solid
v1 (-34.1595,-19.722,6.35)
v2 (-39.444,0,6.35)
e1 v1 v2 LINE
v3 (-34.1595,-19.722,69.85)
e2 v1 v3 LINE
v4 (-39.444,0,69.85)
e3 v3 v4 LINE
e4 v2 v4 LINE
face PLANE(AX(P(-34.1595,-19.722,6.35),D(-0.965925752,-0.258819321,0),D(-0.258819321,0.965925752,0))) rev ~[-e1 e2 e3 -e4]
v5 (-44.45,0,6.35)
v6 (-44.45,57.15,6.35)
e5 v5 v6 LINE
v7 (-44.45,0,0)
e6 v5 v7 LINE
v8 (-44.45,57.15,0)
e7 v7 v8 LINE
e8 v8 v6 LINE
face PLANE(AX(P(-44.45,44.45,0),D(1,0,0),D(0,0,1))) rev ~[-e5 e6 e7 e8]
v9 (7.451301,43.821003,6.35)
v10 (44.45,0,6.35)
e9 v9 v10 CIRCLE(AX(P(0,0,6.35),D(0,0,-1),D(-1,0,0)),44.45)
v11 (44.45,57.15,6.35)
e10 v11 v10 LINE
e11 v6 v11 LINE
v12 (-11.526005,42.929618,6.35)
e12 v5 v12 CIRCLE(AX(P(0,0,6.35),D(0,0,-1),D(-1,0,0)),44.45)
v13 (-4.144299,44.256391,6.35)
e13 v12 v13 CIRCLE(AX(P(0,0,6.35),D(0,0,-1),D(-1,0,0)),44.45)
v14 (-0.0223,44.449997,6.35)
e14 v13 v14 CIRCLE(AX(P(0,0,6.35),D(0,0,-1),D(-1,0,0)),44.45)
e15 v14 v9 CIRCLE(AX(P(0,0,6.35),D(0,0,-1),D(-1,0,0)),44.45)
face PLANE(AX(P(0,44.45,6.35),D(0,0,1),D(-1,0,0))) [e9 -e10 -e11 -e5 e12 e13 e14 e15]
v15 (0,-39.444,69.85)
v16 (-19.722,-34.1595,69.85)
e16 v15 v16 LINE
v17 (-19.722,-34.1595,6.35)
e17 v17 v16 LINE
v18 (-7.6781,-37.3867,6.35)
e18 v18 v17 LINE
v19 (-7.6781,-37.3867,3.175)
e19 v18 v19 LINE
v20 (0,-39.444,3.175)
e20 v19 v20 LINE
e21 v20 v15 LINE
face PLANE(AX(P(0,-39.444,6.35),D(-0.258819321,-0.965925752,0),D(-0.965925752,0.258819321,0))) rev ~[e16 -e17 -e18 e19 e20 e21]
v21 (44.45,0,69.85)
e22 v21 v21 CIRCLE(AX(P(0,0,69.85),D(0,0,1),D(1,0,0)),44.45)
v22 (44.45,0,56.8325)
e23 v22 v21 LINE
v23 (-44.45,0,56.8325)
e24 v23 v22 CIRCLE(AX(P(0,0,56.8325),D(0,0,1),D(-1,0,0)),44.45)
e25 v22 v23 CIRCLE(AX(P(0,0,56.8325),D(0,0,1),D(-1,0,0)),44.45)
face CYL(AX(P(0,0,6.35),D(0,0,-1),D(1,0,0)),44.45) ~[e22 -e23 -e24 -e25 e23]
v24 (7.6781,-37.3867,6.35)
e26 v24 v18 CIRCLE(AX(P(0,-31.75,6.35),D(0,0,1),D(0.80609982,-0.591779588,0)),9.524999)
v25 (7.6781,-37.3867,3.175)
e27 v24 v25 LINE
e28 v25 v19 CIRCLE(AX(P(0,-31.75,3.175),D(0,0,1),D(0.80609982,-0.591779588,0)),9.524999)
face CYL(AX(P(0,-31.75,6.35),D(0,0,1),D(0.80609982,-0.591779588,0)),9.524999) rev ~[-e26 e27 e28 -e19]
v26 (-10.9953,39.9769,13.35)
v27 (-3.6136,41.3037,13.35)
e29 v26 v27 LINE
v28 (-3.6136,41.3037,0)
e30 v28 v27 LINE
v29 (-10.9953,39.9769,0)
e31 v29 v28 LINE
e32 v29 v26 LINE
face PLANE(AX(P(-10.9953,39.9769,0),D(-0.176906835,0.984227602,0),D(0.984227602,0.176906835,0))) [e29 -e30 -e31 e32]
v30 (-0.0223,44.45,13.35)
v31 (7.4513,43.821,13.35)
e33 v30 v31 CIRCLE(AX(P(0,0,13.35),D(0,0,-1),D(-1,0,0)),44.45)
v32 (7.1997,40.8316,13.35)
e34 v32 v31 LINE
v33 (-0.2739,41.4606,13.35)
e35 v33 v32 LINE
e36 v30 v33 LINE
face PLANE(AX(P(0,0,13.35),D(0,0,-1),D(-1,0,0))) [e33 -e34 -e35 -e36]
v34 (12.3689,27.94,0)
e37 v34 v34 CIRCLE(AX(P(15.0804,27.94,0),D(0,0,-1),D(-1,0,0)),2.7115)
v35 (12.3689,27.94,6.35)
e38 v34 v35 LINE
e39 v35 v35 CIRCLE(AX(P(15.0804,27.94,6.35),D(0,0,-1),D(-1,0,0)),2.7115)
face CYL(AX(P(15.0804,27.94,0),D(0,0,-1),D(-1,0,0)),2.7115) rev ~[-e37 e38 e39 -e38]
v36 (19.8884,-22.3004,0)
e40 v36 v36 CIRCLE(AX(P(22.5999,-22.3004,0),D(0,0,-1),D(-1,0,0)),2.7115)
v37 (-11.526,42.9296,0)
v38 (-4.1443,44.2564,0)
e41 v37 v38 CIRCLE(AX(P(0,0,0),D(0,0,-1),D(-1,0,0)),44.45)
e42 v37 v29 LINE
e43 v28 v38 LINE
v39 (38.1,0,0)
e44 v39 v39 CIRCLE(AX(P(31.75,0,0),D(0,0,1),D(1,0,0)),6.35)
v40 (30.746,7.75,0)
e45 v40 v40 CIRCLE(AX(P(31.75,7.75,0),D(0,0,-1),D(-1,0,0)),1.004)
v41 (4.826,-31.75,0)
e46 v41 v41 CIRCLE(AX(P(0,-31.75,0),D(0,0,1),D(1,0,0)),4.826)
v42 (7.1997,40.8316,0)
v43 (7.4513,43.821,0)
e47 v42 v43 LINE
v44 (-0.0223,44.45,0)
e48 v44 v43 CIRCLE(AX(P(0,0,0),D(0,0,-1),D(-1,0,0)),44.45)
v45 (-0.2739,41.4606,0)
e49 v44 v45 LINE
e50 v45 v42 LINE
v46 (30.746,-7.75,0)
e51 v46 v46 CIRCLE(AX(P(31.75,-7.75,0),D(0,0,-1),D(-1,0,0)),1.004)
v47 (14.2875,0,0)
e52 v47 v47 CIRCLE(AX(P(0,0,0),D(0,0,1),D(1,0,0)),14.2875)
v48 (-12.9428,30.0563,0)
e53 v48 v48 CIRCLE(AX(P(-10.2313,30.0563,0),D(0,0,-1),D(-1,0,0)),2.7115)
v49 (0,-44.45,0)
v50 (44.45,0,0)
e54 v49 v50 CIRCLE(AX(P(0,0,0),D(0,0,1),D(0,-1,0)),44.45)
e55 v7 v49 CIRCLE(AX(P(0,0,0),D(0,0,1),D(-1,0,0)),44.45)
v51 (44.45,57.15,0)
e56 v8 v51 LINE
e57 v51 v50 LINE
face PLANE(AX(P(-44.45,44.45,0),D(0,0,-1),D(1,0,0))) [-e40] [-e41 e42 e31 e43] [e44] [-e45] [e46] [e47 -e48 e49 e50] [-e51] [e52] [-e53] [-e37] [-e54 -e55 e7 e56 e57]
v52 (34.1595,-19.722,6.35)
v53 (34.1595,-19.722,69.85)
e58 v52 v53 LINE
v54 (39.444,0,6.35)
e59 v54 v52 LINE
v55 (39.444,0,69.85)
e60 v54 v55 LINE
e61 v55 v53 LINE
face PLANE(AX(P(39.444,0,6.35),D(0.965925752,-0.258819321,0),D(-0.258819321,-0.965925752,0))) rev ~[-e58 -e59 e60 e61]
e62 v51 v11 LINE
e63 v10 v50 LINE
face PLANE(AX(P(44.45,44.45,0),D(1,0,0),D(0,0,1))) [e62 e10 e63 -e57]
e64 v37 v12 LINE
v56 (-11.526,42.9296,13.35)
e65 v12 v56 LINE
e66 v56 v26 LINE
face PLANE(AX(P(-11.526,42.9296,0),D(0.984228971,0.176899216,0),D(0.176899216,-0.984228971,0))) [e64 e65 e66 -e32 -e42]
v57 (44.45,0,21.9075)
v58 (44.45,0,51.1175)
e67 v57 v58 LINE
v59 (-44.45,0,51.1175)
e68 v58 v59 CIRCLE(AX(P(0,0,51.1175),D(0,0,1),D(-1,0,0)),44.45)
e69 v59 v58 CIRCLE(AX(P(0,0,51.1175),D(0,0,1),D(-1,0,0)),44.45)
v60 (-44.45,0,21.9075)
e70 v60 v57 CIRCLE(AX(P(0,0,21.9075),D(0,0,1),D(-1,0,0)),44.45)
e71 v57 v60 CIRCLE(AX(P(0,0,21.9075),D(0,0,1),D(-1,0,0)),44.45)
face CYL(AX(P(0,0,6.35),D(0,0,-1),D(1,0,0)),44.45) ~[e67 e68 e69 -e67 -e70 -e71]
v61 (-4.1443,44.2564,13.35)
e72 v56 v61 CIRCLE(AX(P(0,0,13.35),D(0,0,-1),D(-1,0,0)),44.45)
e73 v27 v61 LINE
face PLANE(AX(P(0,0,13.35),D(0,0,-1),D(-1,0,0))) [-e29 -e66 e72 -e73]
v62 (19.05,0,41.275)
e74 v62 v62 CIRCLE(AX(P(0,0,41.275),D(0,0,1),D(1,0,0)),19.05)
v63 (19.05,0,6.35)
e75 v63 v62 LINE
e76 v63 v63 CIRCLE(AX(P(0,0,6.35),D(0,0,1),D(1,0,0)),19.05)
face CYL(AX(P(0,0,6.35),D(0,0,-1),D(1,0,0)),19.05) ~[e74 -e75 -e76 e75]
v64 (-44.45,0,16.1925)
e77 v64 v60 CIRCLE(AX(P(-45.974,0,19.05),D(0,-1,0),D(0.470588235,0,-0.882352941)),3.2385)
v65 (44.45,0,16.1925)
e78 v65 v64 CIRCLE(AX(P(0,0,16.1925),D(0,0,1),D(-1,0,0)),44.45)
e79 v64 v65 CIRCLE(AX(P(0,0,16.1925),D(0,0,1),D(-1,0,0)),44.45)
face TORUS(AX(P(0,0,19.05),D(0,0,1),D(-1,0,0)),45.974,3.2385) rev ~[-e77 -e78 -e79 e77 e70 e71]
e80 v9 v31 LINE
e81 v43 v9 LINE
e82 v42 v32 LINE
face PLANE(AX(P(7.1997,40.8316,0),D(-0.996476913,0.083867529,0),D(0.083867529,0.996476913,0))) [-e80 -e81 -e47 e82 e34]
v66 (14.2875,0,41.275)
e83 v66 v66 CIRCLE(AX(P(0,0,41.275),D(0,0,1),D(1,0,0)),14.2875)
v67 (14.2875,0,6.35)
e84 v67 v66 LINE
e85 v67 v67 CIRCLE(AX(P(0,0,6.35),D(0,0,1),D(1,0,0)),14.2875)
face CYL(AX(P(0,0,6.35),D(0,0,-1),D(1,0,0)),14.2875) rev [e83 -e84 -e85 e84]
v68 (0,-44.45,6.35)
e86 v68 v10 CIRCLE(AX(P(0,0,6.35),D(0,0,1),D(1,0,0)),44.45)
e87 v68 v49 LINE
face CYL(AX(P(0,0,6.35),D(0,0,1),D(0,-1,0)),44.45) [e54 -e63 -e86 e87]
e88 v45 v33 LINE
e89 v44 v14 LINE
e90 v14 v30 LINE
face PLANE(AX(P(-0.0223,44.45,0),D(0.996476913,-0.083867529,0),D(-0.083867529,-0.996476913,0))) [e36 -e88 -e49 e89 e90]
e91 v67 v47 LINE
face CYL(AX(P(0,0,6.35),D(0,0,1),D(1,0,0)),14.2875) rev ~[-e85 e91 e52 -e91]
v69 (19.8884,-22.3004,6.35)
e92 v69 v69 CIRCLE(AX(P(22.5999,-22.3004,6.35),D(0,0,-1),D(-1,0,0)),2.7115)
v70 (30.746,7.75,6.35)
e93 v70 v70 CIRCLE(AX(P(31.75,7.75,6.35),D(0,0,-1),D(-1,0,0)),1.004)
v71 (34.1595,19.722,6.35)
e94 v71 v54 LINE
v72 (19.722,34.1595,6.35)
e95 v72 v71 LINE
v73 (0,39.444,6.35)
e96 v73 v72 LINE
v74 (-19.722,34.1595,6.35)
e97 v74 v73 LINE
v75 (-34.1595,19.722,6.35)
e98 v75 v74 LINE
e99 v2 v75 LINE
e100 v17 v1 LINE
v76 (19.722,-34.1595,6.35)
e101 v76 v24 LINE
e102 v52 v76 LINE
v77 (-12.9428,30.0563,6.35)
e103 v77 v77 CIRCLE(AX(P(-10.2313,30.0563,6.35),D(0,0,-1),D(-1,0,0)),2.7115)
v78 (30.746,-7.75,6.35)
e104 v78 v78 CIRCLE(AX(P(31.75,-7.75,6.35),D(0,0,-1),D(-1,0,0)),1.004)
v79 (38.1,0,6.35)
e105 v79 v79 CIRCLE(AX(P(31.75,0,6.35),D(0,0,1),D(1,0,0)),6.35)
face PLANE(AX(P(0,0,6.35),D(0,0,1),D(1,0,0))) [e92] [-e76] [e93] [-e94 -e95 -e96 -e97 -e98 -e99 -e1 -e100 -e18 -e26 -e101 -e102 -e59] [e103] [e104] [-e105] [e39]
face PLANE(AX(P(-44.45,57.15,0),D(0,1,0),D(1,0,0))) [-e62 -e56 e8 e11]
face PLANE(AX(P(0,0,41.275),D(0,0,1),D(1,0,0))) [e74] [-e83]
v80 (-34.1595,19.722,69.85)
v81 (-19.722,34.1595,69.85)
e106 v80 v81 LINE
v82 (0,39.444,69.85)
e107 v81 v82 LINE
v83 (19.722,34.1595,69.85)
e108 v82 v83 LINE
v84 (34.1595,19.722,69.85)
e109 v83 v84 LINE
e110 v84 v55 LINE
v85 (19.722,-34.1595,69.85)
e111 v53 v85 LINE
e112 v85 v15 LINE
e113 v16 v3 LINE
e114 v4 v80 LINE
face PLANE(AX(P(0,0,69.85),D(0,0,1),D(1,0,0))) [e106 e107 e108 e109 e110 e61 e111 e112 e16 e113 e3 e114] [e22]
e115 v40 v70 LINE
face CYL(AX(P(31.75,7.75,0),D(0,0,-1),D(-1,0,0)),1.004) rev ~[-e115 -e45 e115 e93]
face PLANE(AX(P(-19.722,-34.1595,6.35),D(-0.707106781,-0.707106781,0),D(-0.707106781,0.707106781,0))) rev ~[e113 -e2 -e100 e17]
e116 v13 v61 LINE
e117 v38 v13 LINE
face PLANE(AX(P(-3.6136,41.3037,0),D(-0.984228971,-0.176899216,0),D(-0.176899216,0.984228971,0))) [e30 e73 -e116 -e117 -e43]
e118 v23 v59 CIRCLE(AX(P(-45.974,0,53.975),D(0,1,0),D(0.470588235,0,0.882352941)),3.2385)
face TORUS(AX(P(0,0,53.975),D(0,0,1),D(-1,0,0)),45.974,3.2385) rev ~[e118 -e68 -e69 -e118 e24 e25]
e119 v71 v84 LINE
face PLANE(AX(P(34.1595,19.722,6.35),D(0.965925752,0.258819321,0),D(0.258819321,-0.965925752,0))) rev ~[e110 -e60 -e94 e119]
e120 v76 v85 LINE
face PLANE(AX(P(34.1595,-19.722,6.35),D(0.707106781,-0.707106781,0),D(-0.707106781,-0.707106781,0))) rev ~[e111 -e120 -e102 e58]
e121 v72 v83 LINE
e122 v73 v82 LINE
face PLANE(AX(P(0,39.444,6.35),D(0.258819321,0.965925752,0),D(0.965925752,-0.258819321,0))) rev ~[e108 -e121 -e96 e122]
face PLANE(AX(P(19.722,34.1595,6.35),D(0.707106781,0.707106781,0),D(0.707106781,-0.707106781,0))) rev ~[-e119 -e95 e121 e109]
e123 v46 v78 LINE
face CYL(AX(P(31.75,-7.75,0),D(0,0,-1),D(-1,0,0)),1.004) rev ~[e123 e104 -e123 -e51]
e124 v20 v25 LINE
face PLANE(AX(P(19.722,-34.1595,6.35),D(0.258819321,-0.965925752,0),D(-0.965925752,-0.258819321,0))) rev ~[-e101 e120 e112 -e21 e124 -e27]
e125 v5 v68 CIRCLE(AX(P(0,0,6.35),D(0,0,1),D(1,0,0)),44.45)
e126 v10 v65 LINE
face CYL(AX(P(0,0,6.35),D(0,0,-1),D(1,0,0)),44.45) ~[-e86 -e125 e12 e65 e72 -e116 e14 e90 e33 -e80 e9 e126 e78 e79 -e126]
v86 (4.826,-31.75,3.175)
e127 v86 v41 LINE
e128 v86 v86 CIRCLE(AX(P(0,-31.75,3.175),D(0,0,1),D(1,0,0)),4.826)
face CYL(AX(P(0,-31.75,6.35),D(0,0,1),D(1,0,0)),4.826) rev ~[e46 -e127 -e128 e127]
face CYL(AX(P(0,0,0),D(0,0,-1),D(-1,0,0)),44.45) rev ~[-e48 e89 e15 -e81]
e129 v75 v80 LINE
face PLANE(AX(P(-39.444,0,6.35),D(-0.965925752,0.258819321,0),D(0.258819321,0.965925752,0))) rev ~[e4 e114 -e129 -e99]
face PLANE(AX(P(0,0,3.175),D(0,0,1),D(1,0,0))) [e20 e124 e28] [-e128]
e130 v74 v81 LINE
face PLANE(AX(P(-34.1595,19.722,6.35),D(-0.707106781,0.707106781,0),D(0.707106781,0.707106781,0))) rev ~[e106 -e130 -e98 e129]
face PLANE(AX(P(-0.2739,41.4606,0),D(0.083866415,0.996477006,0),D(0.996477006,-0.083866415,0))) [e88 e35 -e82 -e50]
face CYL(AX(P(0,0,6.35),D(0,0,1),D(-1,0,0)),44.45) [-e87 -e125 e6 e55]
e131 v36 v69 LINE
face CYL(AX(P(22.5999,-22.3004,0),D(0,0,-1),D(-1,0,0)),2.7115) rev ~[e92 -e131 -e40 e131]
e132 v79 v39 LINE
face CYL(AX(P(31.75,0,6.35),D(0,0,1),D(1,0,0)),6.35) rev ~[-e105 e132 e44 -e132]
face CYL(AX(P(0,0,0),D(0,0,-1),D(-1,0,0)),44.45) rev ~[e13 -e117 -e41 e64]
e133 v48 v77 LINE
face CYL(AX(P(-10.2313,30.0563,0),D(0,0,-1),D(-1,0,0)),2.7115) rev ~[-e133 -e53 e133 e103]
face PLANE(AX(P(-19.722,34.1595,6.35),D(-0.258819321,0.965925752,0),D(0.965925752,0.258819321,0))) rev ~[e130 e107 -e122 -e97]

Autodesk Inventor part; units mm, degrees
ref_plane "YZ Plane" through (0, 0, 0) normal (1, 0, 0) x (0, 1, 0)
ref_plane "XZ Plane" through (0, 0, 0) normal (0, 1, 0) x (-1, 0, 0)
ref_plane "XY Plane" through (0, 0, 0) normal (0, 0, 1) x (1, 0, 0)
sketch "Sketch1" plane through (0, 0, 0) normal (0, 0, 1) x (1, 0, 0)
  circle A0 centre (0, 0) radius 44.45
  line L0 (-44.45, 44.45) -> (44.45, 44.45)
  line L1 (44.45, 44.45) -> (44.45, -44.45)
  line L2 (44.45, -44.45) -> (-44.45, -44.45)
  line L3 (-44.45, -44.45) -> (-44.45, 44.45)
  dimension "d0" = 88.9
  dimension "d1" = 88.9
  dimension "d2" = 88.9
  dimension "d3" = 44.45
  dimension "d4" = 44.45
extrude "Extrusion1" add sketch "Sketch1" along normal blind 6.35
sketch "Sketch2" plane through (0, 0, 6.35) normal (0, 0, 1) x (1, 0, 0)
  circle A0 centre (0, 0) radius 46.0375
  circle A1 centre (0, 0) radius 44.45
  line L0 (0, 39.444) -> (19.722, 34.1595)
  line L1 (19.722, 34.1595) -> (34.1595, 19.722)
  line L2 (34.1595, 19.722) -> (39.444, 0)
  line L3 (39.444, 0) -> (34.1595, -19.722)
  line L4 (34.1595, -19.722) -> (19.722, -34.1595)
  line L5 (19.722, -34.1595) -> (0, -39.444)
  line L6 (0, -39.444) -> (-19.722, -34.1595)
  line L7 (-19.722, -34.1595) -> (-34.1595, -19.722)
  line L8 (-34.1595, -19.722) -> (-39.444, 0)
  line L9 (-39.444, 0) -> (-34.1595, 19.722)
  line L10 (-34.1595, 19.722) -> (-19.722, 34.1595)
  line L11 (-19.722, 34.1595) -> (0, 39.444)
  dimension "d8" = 1.5875
  dimension "d25" = 76.2
  dimension "d46" = 88.9
extrude "Extrusion2" add sketch "Sketch2" along normal blind 63.5 contours A1
sketch "Sketch3" plane through (0, 0, 6.35) normal (0, 0, 1) x (1, 0, 0)
  circle A0 centre (0, 0) radius 14.2875
  dimension "d11" = 28.575
extrude "Extrusion3" cut sketch "Sketch3" against normal blind 38.1
sketch "Sketch4" plane through (0, 0, 6.35) normal (0, 0, 1) x (1, 0, 0)
  circle A0 centre (0, 0) radius 14.2875 projected
  circle A1 centre (0, 0) radius 19.05
  dimension "d14" = 38.1
extrude "Extrusion4" add sketch "Sketch4" along normal blind 34.925
sketch "Sketch6" plane through (0, 0, 6.35) normal (0, 0, 1) x (1, 0, 0)
  circle A0 centre (31.75, 0) radius 6.35
  point P0 (0, 0)
  dimension "d21" = 12.7
  dimension "d22" = 31.75
extrude "Extrusion6" cut sketch "Sketch6" against normal blind 25.4
sketch "Sketch7" plane through (0, 0, 6.35) normal (0, 0, 1) x (1, 0, 0)
  line L0 (0, 44.45) -> (-44.45, 44.45) projected
  line L1 (-44.45, 44.45) -> (-44.45, 0) projected
  line L2 (0, -44.45) -> (44.45, -44.45) projected
  line L3 (44.45, 0) -> (44.45, 44.45) projected
  arc A0 (44.45, 0) -> (0, 44.45) centre (0, 0) ccw projected
  line L4 (44.45, -44.45) -> (44.45, 44.45) projected
  arc A1 (0, 44.45) -> (-44.45, 0) centre (0, 0) ccw projected
  arc A2 (-44.45, 0) -> (0, -44.45) centre (0, 0) ccw projected
  line L5 (-44.45, 0) -> (-44.45, -44.45) projected
  line L6 (44.45, 44.45) -> (0, 44.45) projected
  arc A3 (0, -44.45) -> (44.45, 0) centre (0, 0) ccw projected
  line L7 (44.45, -44.45) -> (44.45, 0) projected
  line L8 (-44.45, -44.45) -> (0, -44.45) projected
  line L9 (-44.45, 0) -> (-44.45, -44.45)
  line L10 (-44.45, -44.45) -> (0, -44.45)
  line L11 (44.45, -44.45) -> (-44.45, -44.45) projected
  line L12 (0, -44.45) -> (44.45, -44.45)
  line L13 (44.45, -44.45) -> (44.45, 0)
  arc A4 (-44.45, 0) -> (0, -44.45) centre (0, 0) ccw
  arc A5 (0, -44.45) -> (44.45, 0) centre (0, 0) ccw
  point P0 (-44.4261, -1.4578)
  point P1 (44.4261, -1.4578)
extrude "Extrusion7" cut sketch "Sketch7" against normal blind 25.4 contours L4 L2 A3 | A2 L8 L5
sketch "Sketch8" plane through (0, 0, 0) normal (0, 1, 0) x (-1, 0, 0)
  line L0 (44.45, 0) -> (44.45, 69.85) projected
  arc A0 (44.45, 56.8325) -> (44.45, 51.1175) centre (45.974, 53.975) ccw
  arc A1 (44.45, 21.9075) -> (44.45, 16.1925) centre (45.974, 19.05) ccw
  line L1 (44.45, 69.85) -> (-44.45, 69.85) projected
  line L2 (0, -13.97) -> (0, 83.82) projected
  arc A2 (44.2147, 16.3311) -> (44.45, 21.9075) centre (45.974, 19.05) ccw
  point P0 (0, 0)
  dimension "d28" = 3.2385
  dimension "d31" = 19.05
  dimension "d32" = 15.875
  dimension "d45" = 1.7145
revolve "Revolution1" cut sketch "Sketch8" angle 360 about axis through (0, 0, -10) along (0, 0, 1) contours A1 L0 | A0 L0
sketch "Sketch9" plane through (0, 0, 6.35) normal (0, 0, 1) x (1, 0, 0)
  circle A0 centre (31.75, 0) radius 6.35 projected
  circle A1 centre (0, 0) radius 19.05 projected
  line L0 (34.1595, 19.722) -> (19.722, 34.1595) projected
  line L1 (19.722, 34.1595) -> (0, 39.444) projected
  line L2 (0, 39.444) -> (-19.722, 34.1595) projected
  line L3 (-19.722, 34.1595) -> (-34.1595, 19.722) projected
  line L4 (-34.1595, 19.722) -> (-39.444, 0) projected
  line L5 (-39.444, 0) -> (-34.1595, -19.722) projected
  line L6 (-34.1595, -19.722) -> (-19.722, -34.1595) projected
  line L7 (-19.722, -34.1595) -> (0, -39.444) projected
  line L8 (0, -39.444) -> (19.722, -34.1595) projected
  line L9 (19.722, -34.1595) -> (34.1595, -19.722) projected
  line L10 (34.1595, -19.722) -> (39.444, 0) projected
  line L11 (39.444, 0) -> (34.1595, 19.722) projected
  circle A2 centre (0, -31.75) radius 4.826
  dimension "d35" = 9.652
  dimension "d36" = 31.75
  dimension "d37" = 31.75
extrude "Extrusion8" cut sketch "Sketch9" against normal blind 25.4 contours A2
sketch "Sketch10" plane through (0, 0, 6.35) normal (0, 0, 1) x (1, 0, 0)
  circle A0 centre (0, -31.75) radius 4.826 projected
  circle A1 centre (31.75, 0) radius 6.35 projected
  circle A2 centre (0, 0) radius 19.05 projected
  line L0 (34.1595, 19.722) -> (19.722, 34.1595) projected
  line L1 (19.722, 34.1595) -> (0, 39.444) projected
  line L2 (0, 39.444) -> (-19.722, 34.1595) projected
  line L3 (-19.722, 34.1595) -> (-34.1595, 19.722) projected
  line L4 (-34.1595, 19.722) -> (-39.444, 0) projected
  line L5 (-39.444, 0) -> (-34.1595, -19.722) projected
  line L6 (-34.1595, -19.722) -> (-19.722, -34.1595) projected
  line L7 (-19.722, -34.1595) -> (0, -39.444) projected
  line L8 (0, -39.444) -> (19.722, -34.1595) projected
  line L9 (19.722, -34.1595) -> (34.1595, -19.722) projected
  line L10 (34.1595, -19.722) -> (39.444, 0) projected
  line L11 (39.444, 0) -> (34.1595, 19.722) projected
  arc A3 (7.6781, -37.3867) -> (-7.6781, -37.3867) centre (0, -31.75) ccw
  dimension "d40" = 19.05
extrude "Extrusion9" cut sketch "Sketch10" against normal blind 3.175 contours L8 L7 A3
sketch "Sketch11" plane through (0, 0, 0) normal (0, 1, 0) x (-1, 0, 0)
  line L0 (-19.05, 6.35) -> (-19.05, 41.275) projected
  line L1 (-19.05, 38.1) -> (-26.605, 25.4)
  line L2 (-26.605, 25.4) -> (-23.8011, 25.4)
  line L3 (44.45, 21.9075) -> (-44.45, 21.9075) projected
  line L4 (-23.8011, 25.4) -> (-17.684, 35.6829)
  point P0 (0, 0)
  dimension "d43" = 25.4
  dimension "d44" = 12.7
sketch "Sketch12" plane through (-44.45, 44.45, 0) normal (0, 1, 0) x (1, 0, 0)
  line L0 (0, 0) -> (88.9, 0) projected
  line L1 (0, 0) -> (0, -6.35) projected
  line L2 (44.45, -6.35) -> (0, -6.35) projected
  line L3 (88.9, -6.35) -> (44.45, -6.35) projected
  line L4 (88.9, 0) -> (88.9, -6.35) projected
  point P0 (44.45, 0)
extrude "Extrusion10" add sketch "Sketch12" along normal blind 12.7
sketch "Sketch13" plane through (0, 0, 0) normal (0, 0, -1) x (-1, 0, 0)
  circle A0 centre (0, 0) radius 44.45 projected
  arc A1 (44.45, 0) -> (-44.45, 0) centre (0, 0) ccw projected
  line L0 (-7.4513, 43.821) -> (0.0223, 44.45)
  line L1 (0.0223, 44.45) -> (0.2739, 41.4606)
  line L2 (0.2739, 41.4606) -> (-7.1997, 40.8316)
  line L3 (-7.1997, 40.8316) -> (-7.4513, 43.821)
  line L4 (4.1443, 44.2564) -> (11.526, 42.9296)
  line L5 (11.526, 42.9296) -> (10.9953, 39.9769)
  line L6 (10.9953, 39.9769) -> (3.6136, 41.3037)
  line L7 (3.6136, 41.3037) -> (4.1443, 44.2564)
  line L8 (0, 0) -> (0, 64.8467) construction
  line L9 (0, 0) -> (-11.2605, 63.8615) construction
  line L10 (0, 0) -> (-22.1789, 60.936) construction
  line L11 (0, 0) -> (-32.4234, 56.1589) construction
  line L12 (0, 0) -> (-41.6827, 49.6755) construction
  line L13 (0, 0) -> (-49.6755, 41.6827) construction
  line L14 (0, 0) -> (-56.1589, 32.4234) construction
  line L15 (0, 0) -> (-60.936, 22.1789) construction
  line L16 (0, 0) -> (-63.8615, 11.2605) construction
  line L17 (0, 0) -> (-64.8467, 0) construction
  line L18 (0, 0) -> (-63.8615, -11.2605) construction
  line L19 (0, 0) -> (-60.936, -22.1789) construction
  line L20 (0, 0) -> (-56.1589, -32.4234) construction
  line L21 (0, 0) -> (-49.6755, -41.6827) construction
  line L22 (0, 0) -> (-41.6827, -49.6755) construction
  line L23 (0, 0) -> (-32.4234, -56.1589) construction
  line L24 (0, 0) -> (-22.1789, -60.936) construction
  line L25 (0, 0) -> (-11.2605, -63.8615) construction
  line L26 (0, 0) -> (0, -64.8467) construction
  line L27 (0, 0) -> (11.2605, -63.8615) construction
  line L28 (0, 0) -> (22.1789, -60.936) construction
  line L29 (0, 0) -> (32.4234, -56.1589) construction
  line L30 (0, 0) -> (41.6827, -49.6755) construction
  line L31 (0, 0) -> (49.6755, -41.6827) construction
  line L32 (0, 0) -> (56.1589, -32.4234) construction
  line L33 (0, 0) -> (60.936, -22.1789) construction
  line L34 (0, 0) -> (63.8615, -11.2605) construction
  line L35 (0, 0) -> (64.8467, 0) construction
  line L36 (0, 0) -> (63.8615, 11.2605) construction
  line L37 (0, 0) -> (60.936, 22.1789) construction
  line L38 (0, 0) -> (56.1589, 32.4234) construction
  line L39 (0, 0) -> (49.6755, 41.6827) construction
  line L40 (0, 0) -> (41.6827, 49.6755) construction
  line L41 (0, 0) -> (32.4234, 56.1589) construction
  line L42 (0, 0) -> (22.1789, 60.936) construction
  line L43 (0, 0) -> (11.2605, 63.8615) construction
  point P0 (0, -44.45)
  dimension "d53" = 7.5
  dimension "d54" = 3
  dimension "d55" = 3
  dimension "d56" = 7.5
  dimension "d59" = 360
  dimension "d61" = 15
extrude "Extrusion11" cut sketch "Sketch13" against normal blind 13.35 contours L4 A0 | L5 L6 L7 L4 | A0 L0 | L0 L1 L2 L3
sketch "Sketch14" plane through (0, 0, 0) normal (0, 0, -1) x (-1, 0, 0)
  circle A0 centre (10.2313, 30.0563) radius 2.7115
  circle A1 centre (-15.0804, 27.94) radius 2.7115
  circle A2 centre (-22.5999, -22.3004) radius 2.7115
  circle A3 centre (0, 0) radius 14.2875 projected
  dimension "d64" = 5.4229
  dimension "d71" = 31.75
  dimension "d72" = 31.75
  dimension "d73" = 31.75
  dimension "d74" = 25.4
  dimension "d75" = 50.8
  dimension "d76" = 27.94
extrude "Extrusion12" cut sketch "Sketch14" against normal blind 25.4 contours A0 | A1 | A2
sketch "Sketch15" plane through (0, 0, 0) normal (0, 0, -1) x (-1, 0, 0)
  circle A0 centre (-31.75, 7.75) radius 1.004
  circle A1 centre (-31.75, -7.75) radius 1.004
  circle A2 centre (-31.75, 0) radius 6.35 projected
  point P0 (0, 0)
  dimension "d77" = 7.75
  dimension "d78" = 15.5
  dimension "d79" = 2.008
extrude "Extrusion13" cut sketch "Sketch15" against normal blind 25.4 contours A0 | A1
equation "\"d3\" = 0.5 * d1"
equation "\"d4\" = 0.5 * d2"
equation "\"d37\" = d36"
equation "\"d55\" = d54"
equation "\"d56\" = d53"
equation "\"d77\" = 0.5 * d78"
properties part number "mounting plate"
